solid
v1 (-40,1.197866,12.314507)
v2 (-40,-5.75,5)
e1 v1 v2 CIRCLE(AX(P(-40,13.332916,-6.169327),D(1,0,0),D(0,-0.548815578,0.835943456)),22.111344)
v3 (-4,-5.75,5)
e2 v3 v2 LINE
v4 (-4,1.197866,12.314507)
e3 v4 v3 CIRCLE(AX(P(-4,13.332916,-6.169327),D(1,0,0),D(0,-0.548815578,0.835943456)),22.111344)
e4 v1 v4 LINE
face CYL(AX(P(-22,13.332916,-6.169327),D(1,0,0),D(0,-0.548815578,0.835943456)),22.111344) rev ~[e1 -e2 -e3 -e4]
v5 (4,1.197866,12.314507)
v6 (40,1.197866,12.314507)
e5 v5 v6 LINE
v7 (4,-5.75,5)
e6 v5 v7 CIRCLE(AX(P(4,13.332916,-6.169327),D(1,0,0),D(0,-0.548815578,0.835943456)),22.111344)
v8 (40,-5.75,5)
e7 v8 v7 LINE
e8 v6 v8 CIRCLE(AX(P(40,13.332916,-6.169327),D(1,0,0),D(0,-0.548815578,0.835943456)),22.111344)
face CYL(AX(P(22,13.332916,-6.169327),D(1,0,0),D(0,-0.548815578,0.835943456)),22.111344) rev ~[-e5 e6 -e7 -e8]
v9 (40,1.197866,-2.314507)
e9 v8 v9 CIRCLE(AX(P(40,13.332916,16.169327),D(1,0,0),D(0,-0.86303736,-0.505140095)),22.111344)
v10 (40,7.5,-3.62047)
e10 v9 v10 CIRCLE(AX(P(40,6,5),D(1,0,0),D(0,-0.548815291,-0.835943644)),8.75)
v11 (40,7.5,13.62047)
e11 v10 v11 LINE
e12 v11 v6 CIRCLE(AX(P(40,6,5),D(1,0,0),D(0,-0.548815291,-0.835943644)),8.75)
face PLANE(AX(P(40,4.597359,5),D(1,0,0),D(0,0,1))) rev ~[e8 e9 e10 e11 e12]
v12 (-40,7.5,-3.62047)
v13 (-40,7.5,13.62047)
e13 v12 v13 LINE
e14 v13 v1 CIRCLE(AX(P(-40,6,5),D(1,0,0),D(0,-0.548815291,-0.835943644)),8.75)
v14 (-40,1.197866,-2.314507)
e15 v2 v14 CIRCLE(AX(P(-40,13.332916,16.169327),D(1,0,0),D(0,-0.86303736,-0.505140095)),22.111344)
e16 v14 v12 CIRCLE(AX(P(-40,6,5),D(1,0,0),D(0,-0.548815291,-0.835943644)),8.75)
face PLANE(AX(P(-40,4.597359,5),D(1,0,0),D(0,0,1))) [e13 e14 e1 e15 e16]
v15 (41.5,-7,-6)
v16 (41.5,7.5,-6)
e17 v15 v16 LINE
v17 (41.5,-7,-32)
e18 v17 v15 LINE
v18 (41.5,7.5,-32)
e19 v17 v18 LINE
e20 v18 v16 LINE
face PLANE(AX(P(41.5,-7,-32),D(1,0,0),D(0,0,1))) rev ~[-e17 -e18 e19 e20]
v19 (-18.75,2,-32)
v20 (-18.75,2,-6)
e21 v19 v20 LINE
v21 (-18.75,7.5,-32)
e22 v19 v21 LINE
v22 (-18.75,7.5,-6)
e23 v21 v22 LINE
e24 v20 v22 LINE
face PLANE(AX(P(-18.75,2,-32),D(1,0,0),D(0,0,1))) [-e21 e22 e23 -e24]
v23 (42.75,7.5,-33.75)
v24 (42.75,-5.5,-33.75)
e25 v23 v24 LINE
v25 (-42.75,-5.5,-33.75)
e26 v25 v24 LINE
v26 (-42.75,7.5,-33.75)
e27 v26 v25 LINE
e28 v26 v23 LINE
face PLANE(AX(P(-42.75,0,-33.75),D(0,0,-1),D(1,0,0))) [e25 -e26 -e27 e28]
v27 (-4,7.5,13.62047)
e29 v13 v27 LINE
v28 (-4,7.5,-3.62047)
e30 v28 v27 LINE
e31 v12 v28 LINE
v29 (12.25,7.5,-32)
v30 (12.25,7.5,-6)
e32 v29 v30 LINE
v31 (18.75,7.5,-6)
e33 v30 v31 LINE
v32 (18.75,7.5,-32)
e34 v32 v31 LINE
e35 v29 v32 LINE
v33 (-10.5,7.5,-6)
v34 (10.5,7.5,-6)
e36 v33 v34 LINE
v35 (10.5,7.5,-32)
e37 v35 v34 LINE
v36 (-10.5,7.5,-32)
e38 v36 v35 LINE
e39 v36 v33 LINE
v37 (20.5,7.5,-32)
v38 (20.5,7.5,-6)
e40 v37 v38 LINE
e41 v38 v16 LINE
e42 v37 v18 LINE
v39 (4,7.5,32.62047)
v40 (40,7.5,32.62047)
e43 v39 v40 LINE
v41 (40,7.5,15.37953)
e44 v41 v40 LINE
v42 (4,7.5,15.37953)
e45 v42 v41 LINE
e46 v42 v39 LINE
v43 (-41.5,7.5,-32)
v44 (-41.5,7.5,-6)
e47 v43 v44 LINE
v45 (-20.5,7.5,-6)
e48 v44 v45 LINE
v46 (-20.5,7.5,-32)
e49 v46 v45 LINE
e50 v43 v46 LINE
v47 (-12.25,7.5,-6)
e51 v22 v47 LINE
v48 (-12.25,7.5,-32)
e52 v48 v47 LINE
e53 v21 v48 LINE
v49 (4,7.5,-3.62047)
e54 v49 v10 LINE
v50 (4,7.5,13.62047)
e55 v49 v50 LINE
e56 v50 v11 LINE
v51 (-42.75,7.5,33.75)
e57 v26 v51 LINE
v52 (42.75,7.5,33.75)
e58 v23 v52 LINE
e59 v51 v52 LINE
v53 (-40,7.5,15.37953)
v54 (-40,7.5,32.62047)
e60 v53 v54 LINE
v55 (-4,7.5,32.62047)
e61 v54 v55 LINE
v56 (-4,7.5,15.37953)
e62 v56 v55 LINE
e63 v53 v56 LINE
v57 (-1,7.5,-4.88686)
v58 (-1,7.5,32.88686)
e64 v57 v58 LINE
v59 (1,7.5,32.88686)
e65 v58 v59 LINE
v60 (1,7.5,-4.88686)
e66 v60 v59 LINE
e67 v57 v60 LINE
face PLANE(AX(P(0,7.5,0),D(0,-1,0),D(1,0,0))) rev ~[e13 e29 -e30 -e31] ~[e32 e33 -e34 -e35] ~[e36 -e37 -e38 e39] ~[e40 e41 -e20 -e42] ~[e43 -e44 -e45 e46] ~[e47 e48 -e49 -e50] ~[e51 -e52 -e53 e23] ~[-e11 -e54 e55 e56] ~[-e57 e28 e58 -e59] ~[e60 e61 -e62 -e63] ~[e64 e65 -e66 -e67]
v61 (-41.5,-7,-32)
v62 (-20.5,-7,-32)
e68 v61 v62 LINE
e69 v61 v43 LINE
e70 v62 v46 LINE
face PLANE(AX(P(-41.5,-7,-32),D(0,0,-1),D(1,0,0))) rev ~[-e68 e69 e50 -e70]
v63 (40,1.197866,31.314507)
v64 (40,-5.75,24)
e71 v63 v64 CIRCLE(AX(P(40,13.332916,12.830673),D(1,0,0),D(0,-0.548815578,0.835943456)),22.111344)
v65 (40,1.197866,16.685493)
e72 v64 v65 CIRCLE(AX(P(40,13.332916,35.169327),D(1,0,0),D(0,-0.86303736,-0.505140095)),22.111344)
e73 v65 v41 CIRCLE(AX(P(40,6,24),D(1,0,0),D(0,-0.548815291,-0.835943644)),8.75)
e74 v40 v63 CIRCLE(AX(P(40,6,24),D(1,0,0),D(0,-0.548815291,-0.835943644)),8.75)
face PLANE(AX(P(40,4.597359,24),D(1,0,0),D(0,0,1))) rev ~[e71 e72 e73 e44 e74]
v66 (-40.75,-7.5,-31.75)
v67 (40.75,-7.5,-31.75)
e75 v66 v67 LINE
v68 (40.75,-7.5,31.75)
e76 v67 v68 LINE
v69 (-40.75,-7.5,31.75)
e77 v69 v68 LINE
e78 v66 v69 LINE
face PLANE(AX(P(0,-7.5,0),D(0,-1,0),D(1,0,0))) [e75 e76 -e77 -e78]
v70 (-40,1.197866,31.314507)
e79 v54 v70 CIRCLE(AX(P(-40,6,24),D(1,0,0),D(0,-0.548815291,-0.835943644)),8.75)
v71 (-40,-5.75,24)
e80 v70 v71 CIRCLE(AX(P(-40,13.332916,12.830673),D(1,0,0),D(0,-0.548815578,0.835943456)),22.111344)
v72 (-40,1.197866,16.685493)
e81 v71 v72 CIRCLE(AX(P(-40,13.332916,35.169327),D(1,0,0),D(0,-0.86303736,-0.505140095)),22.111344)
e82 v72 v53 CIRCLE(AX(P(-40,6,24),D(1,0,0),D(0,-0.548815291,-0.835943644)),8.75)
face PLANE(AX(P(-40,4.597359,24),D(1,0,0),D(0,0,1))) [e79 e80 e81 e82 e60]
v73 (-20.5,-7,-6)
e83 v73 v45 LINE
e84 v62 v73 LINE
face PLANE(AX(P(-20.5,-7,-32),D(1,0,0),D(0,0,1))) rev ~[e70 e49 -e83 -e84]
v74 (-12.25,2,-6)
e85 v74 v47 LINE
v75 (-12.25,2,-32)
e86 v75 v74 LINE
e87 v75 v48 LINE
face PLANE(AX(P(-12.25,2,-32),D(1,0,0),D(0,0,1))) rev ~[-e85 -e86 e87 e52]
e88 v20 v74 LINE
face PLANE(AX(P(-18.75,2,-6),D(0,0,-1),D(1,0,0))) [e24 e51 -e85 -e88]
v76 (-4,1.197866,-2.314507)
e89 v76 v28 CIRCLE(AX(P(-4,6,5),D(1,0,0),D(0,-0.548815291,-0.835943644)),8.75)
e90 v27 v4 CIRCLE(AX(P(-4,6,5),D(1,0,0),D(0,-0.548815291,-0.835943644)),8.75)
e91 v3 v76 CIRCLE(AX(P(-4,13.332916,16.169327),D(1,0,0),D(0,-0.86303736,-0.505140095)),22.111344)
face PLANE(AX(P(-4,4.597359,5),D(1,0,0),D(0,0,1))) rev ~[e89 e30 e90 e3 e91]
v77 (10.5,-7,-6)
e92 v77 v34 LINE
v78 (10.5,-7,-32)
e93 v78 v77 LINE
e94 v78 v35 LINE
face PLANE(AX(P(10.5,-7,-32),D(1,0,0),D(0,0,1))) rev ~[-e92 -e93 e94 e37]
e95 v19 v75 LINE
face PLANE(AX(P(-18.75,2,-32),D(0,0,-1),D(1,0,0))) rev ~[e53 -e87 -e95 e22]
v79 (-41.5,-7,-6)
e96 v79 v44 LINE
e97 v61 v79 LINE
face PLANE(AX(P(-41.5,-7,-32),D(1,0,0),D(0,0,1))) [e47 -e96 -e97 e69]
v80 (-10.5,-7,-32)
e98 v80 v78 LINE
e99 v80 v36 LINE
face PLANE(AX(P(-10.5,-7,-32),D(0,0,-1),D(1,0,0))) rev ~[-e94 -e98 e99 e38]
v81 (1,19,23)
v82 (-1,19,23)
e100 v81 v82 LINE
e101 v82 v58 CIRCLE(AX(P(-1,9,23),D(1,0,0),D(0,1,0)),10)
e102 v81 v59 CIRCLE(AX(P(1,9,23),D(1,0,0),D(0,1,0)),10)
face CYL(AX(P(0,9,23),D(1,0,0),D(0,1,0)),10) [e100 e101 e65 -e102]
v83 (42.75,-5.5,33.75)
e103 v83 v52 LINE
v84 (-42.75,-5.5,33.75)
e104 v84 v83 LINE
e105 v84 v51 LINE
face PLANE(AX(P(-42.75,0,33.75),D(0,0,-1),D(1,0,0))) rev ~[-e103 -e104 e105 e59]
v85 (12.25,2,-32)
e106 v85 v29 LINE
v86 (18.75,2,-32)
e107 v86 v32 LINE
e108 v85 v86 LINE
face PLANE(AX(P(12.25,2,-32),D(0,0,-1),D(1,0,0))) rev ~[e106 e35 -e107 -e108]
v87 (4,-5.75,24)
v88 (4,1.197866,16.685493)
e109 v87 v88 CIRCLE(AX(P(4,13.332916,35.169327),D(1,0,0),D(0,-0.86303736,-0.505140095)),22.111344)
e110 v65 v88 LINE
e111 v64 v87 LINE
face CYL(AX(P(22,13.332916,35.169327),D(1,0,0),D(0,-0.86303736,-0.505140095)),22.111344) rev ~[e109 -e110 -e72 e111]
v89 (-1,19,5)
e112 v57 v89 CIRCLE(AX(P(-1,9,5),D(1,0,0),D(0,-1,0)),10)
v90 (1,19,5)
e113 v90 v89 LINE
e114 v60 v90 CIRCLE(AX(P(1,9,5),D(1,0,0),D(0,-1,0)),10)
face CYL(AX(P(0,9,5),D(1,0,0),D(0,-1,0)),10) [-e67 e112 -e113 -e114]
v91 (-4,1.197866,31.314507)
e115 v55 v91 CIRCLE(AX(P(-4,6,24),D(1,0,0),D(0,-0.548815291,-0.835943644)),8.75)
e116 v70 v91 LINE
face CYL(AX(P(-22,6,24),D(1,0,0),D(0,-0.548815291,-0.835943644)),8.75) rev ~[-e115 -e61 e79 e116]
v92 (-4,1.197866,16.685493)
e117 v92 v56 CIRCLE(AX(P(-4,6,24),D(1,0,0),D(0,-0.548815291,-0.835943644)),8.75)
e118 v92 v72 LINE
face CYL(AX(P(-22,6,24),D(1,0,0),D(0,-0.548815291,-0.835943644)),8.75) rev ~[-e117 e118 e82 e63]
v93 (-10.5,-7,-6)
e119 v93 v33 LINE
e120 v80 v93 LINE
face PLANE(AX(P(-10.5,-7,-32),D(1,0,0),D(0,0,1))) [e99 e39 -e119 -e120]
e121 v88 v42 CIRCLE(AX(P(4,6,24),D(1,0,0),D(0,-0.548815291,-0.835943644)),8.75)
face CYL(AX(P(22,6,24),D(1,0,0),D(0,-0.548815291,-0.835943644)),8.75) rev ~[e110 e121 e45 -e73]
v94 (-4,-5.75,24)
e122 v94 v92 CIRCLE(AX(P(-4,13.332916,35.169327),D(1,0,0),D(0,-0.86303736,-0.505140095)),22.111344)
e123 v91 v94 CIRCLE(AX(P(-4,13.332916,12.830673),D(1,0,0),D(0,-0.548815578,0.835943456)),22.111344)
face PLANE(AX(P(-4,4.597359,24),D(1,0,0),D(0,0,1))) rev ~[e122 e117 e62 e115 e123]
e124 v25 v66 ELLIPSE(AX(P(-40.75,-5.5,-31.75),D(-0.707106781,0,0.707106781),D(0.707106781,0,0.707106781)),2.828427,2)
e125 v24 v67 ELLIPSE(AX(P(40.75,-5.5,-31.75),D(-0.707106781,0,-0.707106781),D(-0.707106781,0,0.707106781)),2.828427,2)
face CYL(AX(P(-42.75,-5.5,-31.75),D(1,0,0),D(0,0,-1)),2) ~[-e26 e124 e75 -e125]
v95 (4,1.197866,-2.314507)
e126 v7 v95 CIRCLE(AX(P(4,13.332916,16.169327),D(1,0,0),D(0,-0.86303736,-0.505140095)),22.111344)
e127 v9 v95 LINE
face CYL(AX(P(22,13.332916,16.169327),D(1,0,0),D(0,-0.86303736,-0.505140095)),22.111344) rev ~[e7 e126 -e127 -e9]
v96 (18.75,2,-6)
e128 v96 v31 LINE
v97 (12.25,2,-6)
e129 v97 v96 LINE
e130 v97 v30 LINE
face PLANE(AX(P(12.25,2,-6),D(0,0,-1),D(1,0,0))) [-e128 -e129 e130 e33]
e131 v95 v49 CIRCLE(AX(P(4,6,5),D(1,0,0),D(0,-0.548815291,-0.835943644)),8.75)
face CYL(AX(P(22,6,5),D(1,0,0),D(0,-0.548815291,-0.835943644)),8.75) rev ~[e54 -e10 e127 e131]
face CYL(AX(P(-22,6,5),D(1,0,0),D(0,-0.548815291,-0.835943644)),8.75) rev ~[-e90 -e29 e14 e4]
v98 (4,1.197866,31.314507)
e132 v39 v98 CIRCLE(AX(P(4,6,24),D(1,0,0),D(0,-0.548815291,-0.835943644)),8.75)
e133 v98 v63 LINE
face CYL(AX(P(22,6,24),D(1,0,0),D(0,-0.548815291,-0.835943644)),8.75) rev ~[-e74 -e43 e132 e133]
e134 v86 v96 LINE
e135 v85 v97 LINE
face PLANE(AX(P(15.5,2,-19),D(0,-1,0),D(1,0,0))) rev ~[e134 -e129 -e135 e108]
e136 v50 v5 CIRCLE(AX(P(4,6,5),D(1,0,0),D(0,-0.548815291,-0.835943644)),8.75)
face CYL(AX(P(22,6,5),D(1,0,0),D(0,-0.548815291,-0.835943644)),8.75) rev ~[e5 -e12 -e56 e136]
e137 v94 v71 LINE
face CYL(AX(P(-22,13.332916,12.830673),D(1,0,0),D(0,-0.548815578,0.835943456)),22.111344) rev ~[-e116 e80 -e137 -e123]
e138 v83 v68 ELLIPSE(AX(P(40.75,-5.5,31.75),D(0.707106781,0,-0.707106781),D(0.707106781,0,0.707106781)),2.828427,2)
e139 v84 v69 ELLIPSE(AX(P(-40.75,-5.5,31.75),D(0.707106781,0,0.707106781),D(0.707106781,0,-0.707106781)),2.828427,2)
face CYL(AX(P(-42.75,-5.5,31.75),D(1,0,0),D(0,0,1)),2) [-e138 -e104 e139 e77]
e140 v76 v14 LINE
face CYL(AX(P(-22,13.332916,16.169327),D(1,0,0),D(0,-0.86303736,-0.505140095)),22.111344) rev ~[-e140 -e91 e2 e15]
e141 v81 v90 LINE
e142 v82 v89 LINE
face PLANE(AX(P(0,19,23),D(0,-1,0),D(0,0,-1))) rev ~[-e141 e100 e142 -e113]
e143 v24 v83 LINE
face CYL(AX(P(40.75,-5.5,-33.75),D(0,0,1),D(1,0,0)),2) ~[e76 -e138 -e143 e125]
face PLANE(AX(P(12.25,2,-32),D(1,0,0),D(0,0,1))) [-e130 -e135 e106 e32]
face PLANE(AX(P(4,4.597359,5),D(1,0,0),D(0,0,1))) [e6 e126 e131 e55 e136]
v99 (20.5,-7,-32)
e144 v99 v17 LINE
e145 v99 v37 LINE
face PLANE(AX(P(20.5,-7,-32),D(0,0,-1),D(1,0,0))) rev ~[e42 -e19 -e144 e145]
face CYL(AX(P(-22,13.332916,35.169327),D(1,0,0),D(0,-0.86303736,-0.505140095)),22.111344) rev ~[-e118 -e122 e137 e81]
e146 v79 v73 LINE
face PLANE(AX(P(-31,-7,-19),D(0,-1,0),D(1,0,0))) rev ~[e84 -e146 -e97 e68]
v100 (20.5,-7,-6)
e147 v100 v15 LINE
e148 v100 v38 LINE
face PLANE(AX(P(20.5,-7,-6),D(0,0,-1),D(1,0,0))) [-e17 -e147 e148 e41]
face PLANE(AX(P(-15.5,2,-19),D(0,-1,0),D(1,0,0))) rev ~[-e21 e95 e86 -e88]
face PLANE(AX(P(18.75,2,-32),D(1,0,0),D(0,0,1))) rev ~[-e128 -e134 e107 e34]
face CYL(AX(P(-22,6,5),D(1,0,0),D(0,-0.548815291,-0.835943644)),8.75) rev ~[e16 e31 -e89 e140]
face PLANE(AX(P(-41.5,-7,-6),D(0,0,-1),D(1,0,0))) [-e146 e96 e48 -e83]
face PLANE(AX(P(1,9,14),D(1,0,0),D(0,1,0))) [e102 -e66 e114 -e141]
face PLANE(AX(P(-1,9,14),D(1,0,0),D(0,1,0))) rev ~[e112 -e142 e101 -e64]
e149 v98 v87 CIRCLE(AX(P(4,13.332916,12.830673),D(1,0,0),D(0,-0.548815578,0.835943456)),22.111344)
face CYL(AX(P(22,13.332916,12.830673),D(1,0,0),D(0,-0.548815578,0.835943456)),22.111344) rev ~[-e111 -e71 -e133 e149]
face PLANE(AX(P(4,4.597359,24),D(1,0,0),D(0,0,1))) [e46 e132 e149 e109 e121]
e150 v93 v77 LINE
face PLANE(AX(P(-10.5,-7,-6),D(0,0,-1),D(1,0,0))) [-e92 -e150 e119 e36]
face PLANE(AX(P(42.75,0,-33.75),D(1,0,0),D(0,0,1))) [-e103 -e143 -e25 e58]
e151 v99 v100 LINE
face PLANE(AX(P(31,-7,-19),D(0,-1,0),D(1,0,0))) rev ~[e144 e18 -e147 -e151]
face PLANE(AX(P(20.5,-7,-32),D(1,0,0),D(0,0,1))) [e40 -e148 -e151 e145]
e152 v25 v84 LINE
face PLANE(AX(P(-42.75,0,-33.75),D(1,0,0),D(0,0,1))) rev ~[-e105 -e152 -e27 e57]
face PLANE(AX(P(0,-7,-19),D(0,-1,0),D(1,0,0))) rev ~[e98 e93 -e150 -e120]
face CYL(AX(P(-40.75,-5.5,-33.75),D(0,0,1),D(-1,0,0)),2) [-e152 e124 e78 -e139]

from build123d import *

# Parameters (mm, degrees)
SKETCH002_W                  = 85.5
SKETCH002_H                  = 67.5
PAD_DEPTH                    = 7.5
POCKET_DEPTH                 = 18
POCKET_LINEARPATTERN_2_DEPTH = 18
LINEARPATTERN001_COUNT       = 2
LINEARPATTERN001_PITCH       = 44
SKETCH003_W                  = 21
SKETCH003_H                  = 26
POCKET001_DEPTH              = 20
LINEARPATTERN002_COUNT       = 3
LINEARPATTERN002_PITCH       = 31
SKETCH004_W                  = 6.5
SKETCH004_H                  = 26
POCKET002_DEPTH              = 6
LINEARPATTERN003_COUNT       = 2
LINEARPATTERN003_PITCH       = 31
PAD001_DEPTH                 = 1
FILLET_R                     = 2


with BuildPart() as part:
    # Sketch002 → Pad (new body, symmetric)
    with BuildSketch(Plane.XZ):
        Rectangle(SKETCH002_W, SKETCH002_H)
    extrude(amount=PAD_DEPTH, both=True)

    # Sketch → Pocket (cut, symmetric)
    with BuildSketch(Plane(origin=(-22, 6, 24), x_dir=(0, 0, 1), z_dir=(1, 0, 0))):
        with BuildLine():
            ThreePointArc((-7.314507, 4.802134), (0, -8.75), (7.314507, 4.802134))
            ThreePointArc((7.314507, 4.802134), (4.058795, 8.698798), (0, 11.75))
            ThreePointArc((0, 11.75), (-4.058795, 8.698798), (-7.314507, 4.802134))
        make_face()
    pocket = extrude(amount=POCKET_DEPTH, both=True, mode=Mode.SUBTRACT)

    # Sketch LinearPattern 2 → Pocket LinearPattern 2 (cut, symmetric)
    with BuildSketch(Plane(origin=(-22, 6, 5), x_dir=(0, 0, 1), z_dir=(1, 0, 0))):
        with BuildLine():
            ThreePointArc((-7.314507, 4.802134), (0, -8.75), (7.314507, 4.802134))
            ThreePointArc((7.314507, 4.802134), (4.058795, 8.698798), (0, 11.75))
            ThreePointArc((0, 11.75), (-4.058795, 8.698798), (-7.314507, 4.802134))
        make_face()
    pocket_linearpattern_2 = extrude(amount=POCKET_LINEARPATTERN_2_DEPTH, both=True, mode=Mode.SUBTRACT)

    # LinearPattern001: Pocket, Pocket LinearPattern 2 ×2
    with Locations(*[(i * LINEARPATTERN001_PITCH, 0, 0) for i in range(1, LINEARPATTERN001_COUNT)]):
        add(pocket, mode=Mode.SUBTRACT)
        add(pocket_linearpattern_2, mode=Mode.SUBTRACT)

    # Sketch003 → Pocket001 (cut)
    with BuildSketch(Plane(origin=(-31, -7, -19), x_dir=(1, 0, 0), z_dir=(0, -1, 0))):
        Rectangle(SKETCH003_W, SKETCH003_H)
    pocket001 = extrude(amount=-POCKET001_DEPTH, mode=Mode.SUBTRACT)

    # LinearPattern002: Pocket001 ×3
    with Locations(*[(i * LINEARPATTERN002_PITCH, 0, 0) for i in range(1, LINEARPATTERN002_COUNT)]):
        add(pocket001, mode=Mode.SUBTRACT)

    # Sketch004 → Pocket002 (cut)
    with BuildSketch(Plane(origin=(15.5, 2, -19), x_dir=(1, 0, 0), z_dir=(0, -1, 0))):
        Rectangle(SKETCH004_W, SKETCH004_H)
    pocket002 = extrude(amount=-POCKET002_DEPTH, mode=Mode.SUBTRACT)

    # LinearPattern003: Pocket002 ×2
    with Locations(*[(-i * LINEARPATTERN003_PITCH, 0, 0) for i in range(1, LINEARPATTERN003_COUNT)]):
        add(pocket002, mode=Mode.SUBTRACT)

    # Sketch005 → Pad001 (join, symmetric)
    with BuildSketch(Plane.YZ):
        with BuildLine():
            ThreePointArc((19, 23), (9, 33), (-1, 23))
            Line((-1, 23), (-1, 5))
            ThreePointArc((-1, 5), (9, -5), (19, 5))
            Line((19, 23), (19, 5))
        make_face()
    extrude(amount=PAD001_DEPTH, both=True)

    # Fillet
    fillet_edges = [part.edges().sort_by_distance(p)[0] for p in [
        (0, -7.5, 33.75),
        (42.75, -7.5, 0),
        (0, -7.5, -33.75),
        (-42.75, -7.5, 0),
    ]]
    fillet(fillet_edges, radius=FILLET_R)


solid = part.part
